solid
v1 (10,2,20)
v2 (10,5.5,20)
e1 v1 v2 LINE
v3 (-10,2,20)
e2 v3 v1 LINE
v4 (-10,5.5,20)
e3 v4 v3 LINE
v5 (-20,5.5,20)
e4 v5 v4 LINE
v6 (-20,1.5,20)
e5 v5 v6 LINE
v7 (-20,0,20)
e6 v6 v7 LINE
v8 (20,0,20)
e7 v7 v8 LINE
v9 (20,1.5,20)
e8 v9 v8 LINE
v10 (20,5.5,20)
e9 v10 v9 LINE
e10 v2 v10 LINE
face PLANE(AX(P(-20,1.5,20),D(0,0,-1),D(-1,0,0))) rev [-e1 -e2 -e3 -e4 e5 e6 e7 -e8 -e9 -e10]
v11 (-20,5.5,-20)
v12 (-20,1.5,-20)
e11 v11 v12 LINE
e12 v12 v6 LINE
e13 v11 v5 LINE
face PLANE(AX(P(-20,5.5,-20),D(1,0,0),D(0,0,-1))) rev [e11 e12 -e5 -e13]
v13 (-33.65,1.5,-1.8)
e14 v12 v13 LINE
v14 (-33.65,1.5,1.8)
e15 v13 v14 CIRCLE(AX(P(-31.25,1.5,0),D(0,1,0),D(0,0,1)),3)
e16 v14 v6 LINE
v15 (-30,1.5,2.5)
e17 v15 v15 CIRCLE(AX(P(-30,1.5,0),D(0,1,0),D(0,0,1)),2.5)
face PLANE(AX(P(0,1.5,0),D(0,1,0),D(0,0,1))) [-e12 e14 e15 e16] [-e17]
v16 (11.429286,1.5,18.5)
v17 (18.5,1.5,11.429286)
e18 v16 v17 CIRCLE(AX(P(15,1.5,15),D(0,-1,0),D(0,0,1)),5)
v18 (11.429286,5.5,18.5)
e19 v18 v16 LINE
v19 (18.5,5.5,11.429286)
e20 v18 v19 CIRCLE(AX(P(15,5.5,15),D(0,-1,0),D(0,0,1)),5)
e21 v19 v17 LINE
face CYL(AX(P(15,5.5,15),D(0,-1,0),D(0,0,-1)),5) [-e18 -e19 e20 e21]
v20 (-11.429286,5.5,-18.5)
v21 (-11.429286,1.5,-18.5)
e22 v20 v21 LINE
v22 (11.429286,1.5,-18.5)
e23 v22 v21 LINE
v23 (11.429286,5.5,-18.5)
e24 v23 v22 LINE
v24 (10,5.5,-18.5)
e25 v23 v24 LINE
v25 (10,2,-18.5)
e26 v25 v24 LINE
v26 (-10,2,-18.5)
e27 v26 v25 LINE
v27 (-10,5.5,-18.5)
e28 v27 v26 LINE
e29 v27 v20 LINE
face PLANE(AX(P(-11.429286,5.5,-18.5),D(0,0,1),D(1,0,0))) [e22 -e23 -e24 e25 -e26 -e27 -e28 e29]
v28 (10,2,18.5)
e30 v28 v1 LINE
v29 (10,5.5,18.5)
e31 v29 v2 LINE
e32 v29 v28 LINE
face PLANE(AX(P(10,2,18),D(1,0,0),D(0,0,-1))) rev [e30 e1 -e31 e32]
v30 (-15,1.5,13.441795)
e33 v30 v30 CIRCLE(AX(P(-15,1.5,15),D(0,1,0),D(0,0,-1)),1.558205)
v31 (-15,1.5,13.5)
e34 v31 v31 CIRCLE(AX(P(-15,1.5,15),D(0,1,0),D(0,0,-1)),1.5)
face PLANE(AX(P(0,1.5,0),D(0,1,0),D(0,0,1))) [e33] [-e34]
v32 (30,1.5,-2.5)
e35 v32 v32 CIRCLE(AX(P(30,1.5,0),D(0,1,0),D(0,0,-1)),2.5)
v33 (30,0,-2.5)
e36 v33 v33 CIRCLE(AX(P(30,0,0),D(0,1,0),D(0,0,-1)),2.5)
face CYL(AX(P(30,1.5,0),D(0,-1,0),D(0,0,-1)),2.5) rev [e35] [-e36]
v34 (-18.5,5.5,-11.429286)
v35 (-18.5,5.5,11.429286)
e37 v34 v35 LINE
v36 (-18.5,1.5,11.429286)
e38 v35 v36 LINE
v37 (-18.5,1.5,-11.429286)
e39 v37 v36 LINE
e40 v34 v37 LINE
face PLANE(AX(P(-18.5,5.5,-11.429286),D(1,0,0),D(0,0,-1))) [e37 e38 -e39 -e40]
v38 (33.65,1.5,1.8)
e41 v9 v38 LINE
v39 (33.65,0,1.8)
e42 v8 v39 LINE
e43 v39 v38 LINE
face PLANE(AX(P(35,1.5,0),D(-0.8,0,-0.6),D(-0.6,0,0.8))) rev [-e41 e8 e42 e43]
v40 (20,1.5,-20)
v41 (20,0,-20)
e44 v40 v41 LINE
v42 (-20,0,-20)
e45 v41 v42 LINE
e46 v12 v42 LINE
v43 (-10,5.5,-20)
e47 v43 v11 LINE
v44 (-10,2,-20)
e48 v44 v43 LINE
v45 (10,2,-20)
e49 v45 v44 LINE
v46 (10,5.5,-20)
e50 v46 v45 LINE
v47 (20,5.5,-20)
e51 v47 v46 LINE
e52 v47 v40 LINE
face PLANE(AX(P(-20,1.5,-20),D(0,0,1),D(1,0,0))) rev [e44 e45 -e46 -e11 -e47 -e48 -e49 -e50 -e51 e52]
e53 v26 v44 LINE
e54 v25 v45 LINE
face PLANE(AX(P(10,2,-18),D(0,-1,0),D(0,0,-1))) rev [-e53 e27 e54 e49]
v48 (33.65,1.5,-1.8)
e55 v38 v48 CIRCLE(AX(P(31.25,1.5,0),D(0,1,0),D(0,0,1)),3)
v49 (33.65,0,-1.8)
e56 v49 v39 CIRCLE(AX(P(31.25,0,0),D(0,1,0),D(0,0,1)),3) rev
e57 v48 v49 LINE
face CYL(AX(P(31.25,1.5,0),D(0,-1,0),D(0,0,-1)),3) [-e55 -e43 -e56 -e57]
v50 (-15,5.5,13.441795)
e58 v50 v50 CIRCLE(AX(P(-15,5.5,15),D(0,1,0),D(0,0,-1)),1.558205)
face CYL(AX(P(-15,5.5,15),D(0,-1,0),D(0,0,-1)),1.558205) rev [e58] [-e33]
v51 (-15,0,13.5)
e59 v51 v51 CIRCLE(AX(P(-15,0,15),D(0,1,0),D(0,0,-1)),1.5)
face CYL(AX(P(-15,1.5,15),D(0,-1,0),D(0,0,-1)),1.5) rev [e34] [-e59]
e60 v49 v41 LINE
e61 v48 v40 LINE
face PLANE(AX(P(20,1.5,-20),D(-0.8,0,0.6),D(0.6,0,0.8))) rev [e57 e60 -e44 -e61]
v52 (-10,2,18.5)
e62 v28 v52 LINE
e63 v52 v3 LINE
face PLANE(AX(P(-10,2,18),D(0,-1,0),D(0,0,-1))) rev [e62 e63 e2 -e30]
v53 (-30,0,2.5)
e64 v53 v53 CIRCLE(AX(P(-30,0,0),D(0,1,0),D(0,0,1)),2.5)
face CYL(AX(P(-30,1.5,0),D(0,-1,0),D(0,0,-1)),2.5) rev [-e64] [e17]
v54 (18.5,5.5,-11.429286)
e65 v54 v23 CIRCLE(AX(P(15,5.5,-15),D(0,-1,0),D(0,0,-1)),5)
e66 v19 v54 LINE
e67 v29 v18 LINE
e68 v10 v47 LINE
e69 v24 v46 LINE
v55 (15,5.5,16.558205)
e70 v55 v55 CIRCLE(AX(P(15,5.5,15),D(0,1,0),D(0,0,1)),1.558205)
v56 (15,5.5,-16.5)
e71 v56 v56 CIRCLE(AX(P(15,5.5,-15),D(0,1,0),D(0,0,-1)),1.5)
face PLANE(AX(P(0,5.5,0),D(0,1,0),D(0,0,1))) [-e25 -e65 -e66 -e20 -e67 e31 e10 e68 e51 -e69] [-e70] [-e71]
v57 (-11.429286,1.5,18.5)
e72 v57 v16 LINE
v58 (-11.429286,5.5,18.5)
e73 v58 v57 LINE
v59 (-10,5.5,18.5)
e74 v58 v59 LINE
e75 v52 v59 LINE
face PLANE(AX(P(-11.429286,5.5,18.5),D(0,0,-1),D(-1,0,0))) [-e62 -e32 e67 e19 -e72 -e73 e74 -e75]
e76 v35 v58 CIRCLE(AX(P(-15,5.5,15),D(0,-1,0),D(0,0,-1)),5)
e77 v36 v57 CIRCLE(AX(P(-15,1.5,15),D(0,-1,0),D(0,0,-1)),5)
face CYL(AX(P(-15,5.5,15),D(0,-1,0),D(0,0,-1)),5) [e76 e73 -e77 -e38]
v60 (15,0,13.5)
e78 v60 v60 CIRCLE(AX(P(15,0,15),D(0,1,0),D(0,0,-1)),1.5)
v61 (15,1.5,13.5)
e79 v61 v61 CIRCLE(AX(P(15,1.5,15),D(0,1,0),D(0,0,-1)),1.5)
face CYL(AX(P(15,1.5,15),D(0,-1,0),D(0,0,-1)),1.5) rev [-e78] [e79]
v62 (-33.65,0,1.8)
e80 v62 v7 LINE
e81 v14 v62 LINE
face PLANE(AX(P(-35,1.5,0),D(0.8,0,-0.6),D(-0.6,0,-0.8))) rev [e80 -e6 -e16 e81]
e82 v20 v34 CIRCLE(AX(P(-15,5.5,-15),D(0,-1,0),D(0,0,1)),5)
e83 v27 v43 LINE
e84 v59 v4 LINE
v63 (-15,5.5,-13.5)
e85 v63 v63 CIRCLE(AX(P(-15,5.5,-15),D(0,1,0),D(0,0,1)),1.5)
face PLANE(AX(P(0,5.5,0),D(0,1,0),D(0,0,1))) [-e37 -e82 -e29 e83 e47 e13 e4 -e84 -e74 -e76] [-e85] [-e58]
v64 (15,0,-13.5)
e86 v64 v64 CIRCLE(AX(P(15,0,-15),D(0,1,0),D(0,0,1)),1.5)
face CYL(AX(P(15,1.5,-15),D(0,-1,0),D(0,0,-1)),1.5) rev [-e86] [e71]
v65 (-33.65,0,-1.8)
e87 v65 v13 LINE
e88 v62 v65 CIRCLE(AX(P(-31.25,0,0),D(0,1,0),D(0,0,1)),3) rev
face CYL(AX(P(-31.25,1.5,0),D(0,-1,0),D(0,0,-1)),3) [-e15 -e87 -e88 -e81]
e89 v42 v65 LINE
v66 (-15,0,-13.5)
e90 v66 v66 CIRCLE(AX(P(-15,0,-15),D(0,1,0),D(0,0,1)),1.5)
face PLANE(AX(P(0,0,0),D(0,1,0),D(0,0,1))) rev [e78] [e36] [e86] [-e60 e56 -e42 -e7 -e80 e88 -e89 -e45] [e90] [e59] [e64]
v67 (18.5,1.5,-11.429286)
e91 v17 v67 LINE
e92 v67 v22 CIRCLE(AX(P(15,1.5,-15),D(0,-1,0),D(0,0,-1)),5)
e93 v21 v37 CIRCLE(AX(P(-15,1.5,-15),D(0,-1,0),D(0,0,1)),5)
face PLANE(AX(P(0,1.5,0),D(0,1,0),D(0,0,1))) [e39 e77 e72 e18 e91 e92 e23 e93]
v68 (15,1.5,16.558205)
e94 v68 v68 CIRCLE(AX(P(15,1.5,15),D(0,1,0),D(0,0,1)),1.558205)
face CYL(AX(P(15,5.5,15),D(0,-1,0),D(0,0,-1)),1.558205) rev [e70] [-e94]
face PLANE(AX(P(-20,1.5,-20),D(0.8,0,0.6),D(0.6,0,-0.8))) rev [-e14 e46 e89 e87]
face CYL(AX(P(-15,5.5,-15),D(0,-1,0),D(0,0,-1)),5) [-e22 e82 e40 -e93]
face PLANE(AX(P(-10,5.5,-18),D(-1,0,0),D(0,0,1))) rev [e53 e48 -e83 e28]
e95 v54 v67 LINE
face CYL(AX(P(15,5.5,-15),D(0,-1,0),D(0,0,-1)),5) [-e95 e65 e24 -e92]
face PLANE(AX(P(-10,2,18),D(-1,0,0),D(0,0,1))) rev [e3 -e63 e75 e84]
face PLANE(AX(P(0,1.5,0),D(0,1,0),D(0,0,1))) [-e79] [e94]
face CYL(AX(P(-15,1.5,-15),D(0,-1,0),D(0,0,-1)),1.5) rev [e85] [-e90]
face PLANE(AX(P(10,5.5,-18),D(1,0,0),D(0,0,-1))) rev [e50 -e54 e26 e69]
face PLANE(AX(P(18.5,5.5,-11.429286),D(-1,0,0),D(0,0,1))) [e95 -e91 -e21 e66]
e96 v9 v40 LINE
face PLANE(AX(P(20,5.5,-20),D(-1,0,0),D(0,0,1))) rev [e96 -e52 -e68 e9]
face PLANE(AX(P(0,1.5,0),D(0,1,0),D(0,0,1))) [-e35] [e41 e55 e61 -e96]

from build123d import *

# Parameters (mm, degrees)
SKETCH1_R           = 1.5
SKETCH1_R_2         = 2.5
BOSS_EXTRUDE1_DEPTH = 1.5
SKETCH2_W           = 40
SKETCH2_H           = 40
SKETCH2_R           = 1.5
SKETCH2_R_2         = 1.558204887
BOSS_EXTRUDE2_DEPTH = 4
SKETCH3_W           = 20
SKETCH3_H           = 3.5
CUT_EXTRUDE1_DEPTH  = 2
SKETCH4_W           = 20
SKETCH4_H           = 3.5
CUT_EXTRUDE2_DEPTH  = 2
FILLET1_R           = 3


with BuildPart() as part:
    # Sketch1 → Boss-Extrude1 (new body)
    with BuildSketch(Plane(origin=(0, 0, 0), x_dir=(1, 0, 0), z_dir=(0, 1, 0))):
        Polygon((-20, 20), (20, 20), (35, 0), (20, -20), (-20, -20), (-35, 0), align=None)
        with Locations(Location((-15, 15, 0), (0, 0, 270))):
            Circle(SKETCH1_R, mode=Mode.SUBTRACT)
        with Locations(Location((15, 15, 0), (0, 0, 270))):
            Circle(SKETCH1_R, mode=Mode.SUBTRACT)
        with Locations(Location((15, -15, 0), (0, 0, 90))):
            Circle(SKETCH1_R, mode=Mode.SUBTRACT)
        with Locations(Location((-15, -15, 0), (0, 0, 90))):
            Circle(SKETCH1_R, mode=Mode.SUBTRACT)
        with Locations(Location((-30, 0, 0), (0, 0, 270))):
            Circle(SKETCH1_R_2, mode=Mode.SUBTRACT)
        with Locations(Location((30, 0, 0), (0, 0, 90))):
            Circle(SKETCH1_R_2, mode=Mode.SUBTRACT)
    extrude(amount=BOSS_EXTRUDE1_DEPTH)

    # Sketch2 → Boss-Extrude2 (add)
    with BuildSketch(Plane(origin=(0, 1.5, 0), x_dir=(1, 0, 0), z_dir=(0, 1, 0))):
        Rectangle(SKETCH2_W, SKETCH2_H)
        with Locations(Location((-15, 15, 0), (0, 0, 270))):
            Circle(SKETCH2_R, mode=Mode.SUBTRACT)
        with Locations(Location((15, -15, 0), (0, 0, 270))):
            Circle(SKETCH2_R_2, mode=Mode.SUBTRACT)
        with Locations(Location((-15, -15, 0), (0, 0, 90))):
            Circle(SKETCH2_R_2, mode=Mode.SUBTRACT)
        with Locations(Location((15, 15, 0), (0, 0, 90))):
            Circle(SKETCH2_R, mode=Mode.SUBTRACT)
        with BuildLine():
            Line((-18.5, 11.429285786), (-18.5, -11.429285786))
            ThreePointArc((-18.5, -11.429285786), (-11.464466094, -11.464466094), (-11.429285786, -18.5))
            Line((-11.429285786, -18.5), (11.429285786, -18.5))
            ThreePointArc((11.429285786, -18.5), (11.464466094, -11.464466094), (18.5, -11.429285786))
            Line((18.5, -11.429285786), (18.5, 11.429285786))
            ThreePointArc((18.5, 11.429285786), (11.464466094, 11.464466094), (11.429285786, 18.5))
            Line((11.429285786, 18.5), (-11.429285786, 18.5))
            ThreePointArc((-11.429285786, 18.5), (-11.464466094, 11.464466094), (-18.5, 11.429285786))
        make_face(mode=Mode.SUBTRACT)
    extrude(amount=BOSS_EXTRUDE2_DEPTH)

    # Sketch3 → Cut-Extrude1 (cut)
    with BuildSketch(Plane.XY.offset(20)):
        with Locations((0, 3.75)):
            Rectangle(SKETCH3_W, SKETCH3_H)
    extrude(amount=-CUT_EXTRUDE1_DEPTH, mode=Mode.SUBTRACT)

    # Sketch4 → Cut-Extrude2 (cut)
    with BuildSketch(Plane(origin=(0, 0, -20), x_dir=(-1, 0, 0), z_dir=(0, 0, -1))):
        with Locations((0, 3.75)):
            Rectangle(SKETCH4_W, SKETCH4_H)
    extrude(amount=-CUT_EXTRUDE2_DEPTH, mode=Mode.SUBTRACT)

    # Fillet1
    fillet1_edges = [part.edges().sort_by_distance(p)[0] for p in [
        (-35, 0.75, 0),
        (35, 0.75, 0),
    ]]
    fillet(fillet1_edges, radius=FILLET1_R)


solid = part.part
